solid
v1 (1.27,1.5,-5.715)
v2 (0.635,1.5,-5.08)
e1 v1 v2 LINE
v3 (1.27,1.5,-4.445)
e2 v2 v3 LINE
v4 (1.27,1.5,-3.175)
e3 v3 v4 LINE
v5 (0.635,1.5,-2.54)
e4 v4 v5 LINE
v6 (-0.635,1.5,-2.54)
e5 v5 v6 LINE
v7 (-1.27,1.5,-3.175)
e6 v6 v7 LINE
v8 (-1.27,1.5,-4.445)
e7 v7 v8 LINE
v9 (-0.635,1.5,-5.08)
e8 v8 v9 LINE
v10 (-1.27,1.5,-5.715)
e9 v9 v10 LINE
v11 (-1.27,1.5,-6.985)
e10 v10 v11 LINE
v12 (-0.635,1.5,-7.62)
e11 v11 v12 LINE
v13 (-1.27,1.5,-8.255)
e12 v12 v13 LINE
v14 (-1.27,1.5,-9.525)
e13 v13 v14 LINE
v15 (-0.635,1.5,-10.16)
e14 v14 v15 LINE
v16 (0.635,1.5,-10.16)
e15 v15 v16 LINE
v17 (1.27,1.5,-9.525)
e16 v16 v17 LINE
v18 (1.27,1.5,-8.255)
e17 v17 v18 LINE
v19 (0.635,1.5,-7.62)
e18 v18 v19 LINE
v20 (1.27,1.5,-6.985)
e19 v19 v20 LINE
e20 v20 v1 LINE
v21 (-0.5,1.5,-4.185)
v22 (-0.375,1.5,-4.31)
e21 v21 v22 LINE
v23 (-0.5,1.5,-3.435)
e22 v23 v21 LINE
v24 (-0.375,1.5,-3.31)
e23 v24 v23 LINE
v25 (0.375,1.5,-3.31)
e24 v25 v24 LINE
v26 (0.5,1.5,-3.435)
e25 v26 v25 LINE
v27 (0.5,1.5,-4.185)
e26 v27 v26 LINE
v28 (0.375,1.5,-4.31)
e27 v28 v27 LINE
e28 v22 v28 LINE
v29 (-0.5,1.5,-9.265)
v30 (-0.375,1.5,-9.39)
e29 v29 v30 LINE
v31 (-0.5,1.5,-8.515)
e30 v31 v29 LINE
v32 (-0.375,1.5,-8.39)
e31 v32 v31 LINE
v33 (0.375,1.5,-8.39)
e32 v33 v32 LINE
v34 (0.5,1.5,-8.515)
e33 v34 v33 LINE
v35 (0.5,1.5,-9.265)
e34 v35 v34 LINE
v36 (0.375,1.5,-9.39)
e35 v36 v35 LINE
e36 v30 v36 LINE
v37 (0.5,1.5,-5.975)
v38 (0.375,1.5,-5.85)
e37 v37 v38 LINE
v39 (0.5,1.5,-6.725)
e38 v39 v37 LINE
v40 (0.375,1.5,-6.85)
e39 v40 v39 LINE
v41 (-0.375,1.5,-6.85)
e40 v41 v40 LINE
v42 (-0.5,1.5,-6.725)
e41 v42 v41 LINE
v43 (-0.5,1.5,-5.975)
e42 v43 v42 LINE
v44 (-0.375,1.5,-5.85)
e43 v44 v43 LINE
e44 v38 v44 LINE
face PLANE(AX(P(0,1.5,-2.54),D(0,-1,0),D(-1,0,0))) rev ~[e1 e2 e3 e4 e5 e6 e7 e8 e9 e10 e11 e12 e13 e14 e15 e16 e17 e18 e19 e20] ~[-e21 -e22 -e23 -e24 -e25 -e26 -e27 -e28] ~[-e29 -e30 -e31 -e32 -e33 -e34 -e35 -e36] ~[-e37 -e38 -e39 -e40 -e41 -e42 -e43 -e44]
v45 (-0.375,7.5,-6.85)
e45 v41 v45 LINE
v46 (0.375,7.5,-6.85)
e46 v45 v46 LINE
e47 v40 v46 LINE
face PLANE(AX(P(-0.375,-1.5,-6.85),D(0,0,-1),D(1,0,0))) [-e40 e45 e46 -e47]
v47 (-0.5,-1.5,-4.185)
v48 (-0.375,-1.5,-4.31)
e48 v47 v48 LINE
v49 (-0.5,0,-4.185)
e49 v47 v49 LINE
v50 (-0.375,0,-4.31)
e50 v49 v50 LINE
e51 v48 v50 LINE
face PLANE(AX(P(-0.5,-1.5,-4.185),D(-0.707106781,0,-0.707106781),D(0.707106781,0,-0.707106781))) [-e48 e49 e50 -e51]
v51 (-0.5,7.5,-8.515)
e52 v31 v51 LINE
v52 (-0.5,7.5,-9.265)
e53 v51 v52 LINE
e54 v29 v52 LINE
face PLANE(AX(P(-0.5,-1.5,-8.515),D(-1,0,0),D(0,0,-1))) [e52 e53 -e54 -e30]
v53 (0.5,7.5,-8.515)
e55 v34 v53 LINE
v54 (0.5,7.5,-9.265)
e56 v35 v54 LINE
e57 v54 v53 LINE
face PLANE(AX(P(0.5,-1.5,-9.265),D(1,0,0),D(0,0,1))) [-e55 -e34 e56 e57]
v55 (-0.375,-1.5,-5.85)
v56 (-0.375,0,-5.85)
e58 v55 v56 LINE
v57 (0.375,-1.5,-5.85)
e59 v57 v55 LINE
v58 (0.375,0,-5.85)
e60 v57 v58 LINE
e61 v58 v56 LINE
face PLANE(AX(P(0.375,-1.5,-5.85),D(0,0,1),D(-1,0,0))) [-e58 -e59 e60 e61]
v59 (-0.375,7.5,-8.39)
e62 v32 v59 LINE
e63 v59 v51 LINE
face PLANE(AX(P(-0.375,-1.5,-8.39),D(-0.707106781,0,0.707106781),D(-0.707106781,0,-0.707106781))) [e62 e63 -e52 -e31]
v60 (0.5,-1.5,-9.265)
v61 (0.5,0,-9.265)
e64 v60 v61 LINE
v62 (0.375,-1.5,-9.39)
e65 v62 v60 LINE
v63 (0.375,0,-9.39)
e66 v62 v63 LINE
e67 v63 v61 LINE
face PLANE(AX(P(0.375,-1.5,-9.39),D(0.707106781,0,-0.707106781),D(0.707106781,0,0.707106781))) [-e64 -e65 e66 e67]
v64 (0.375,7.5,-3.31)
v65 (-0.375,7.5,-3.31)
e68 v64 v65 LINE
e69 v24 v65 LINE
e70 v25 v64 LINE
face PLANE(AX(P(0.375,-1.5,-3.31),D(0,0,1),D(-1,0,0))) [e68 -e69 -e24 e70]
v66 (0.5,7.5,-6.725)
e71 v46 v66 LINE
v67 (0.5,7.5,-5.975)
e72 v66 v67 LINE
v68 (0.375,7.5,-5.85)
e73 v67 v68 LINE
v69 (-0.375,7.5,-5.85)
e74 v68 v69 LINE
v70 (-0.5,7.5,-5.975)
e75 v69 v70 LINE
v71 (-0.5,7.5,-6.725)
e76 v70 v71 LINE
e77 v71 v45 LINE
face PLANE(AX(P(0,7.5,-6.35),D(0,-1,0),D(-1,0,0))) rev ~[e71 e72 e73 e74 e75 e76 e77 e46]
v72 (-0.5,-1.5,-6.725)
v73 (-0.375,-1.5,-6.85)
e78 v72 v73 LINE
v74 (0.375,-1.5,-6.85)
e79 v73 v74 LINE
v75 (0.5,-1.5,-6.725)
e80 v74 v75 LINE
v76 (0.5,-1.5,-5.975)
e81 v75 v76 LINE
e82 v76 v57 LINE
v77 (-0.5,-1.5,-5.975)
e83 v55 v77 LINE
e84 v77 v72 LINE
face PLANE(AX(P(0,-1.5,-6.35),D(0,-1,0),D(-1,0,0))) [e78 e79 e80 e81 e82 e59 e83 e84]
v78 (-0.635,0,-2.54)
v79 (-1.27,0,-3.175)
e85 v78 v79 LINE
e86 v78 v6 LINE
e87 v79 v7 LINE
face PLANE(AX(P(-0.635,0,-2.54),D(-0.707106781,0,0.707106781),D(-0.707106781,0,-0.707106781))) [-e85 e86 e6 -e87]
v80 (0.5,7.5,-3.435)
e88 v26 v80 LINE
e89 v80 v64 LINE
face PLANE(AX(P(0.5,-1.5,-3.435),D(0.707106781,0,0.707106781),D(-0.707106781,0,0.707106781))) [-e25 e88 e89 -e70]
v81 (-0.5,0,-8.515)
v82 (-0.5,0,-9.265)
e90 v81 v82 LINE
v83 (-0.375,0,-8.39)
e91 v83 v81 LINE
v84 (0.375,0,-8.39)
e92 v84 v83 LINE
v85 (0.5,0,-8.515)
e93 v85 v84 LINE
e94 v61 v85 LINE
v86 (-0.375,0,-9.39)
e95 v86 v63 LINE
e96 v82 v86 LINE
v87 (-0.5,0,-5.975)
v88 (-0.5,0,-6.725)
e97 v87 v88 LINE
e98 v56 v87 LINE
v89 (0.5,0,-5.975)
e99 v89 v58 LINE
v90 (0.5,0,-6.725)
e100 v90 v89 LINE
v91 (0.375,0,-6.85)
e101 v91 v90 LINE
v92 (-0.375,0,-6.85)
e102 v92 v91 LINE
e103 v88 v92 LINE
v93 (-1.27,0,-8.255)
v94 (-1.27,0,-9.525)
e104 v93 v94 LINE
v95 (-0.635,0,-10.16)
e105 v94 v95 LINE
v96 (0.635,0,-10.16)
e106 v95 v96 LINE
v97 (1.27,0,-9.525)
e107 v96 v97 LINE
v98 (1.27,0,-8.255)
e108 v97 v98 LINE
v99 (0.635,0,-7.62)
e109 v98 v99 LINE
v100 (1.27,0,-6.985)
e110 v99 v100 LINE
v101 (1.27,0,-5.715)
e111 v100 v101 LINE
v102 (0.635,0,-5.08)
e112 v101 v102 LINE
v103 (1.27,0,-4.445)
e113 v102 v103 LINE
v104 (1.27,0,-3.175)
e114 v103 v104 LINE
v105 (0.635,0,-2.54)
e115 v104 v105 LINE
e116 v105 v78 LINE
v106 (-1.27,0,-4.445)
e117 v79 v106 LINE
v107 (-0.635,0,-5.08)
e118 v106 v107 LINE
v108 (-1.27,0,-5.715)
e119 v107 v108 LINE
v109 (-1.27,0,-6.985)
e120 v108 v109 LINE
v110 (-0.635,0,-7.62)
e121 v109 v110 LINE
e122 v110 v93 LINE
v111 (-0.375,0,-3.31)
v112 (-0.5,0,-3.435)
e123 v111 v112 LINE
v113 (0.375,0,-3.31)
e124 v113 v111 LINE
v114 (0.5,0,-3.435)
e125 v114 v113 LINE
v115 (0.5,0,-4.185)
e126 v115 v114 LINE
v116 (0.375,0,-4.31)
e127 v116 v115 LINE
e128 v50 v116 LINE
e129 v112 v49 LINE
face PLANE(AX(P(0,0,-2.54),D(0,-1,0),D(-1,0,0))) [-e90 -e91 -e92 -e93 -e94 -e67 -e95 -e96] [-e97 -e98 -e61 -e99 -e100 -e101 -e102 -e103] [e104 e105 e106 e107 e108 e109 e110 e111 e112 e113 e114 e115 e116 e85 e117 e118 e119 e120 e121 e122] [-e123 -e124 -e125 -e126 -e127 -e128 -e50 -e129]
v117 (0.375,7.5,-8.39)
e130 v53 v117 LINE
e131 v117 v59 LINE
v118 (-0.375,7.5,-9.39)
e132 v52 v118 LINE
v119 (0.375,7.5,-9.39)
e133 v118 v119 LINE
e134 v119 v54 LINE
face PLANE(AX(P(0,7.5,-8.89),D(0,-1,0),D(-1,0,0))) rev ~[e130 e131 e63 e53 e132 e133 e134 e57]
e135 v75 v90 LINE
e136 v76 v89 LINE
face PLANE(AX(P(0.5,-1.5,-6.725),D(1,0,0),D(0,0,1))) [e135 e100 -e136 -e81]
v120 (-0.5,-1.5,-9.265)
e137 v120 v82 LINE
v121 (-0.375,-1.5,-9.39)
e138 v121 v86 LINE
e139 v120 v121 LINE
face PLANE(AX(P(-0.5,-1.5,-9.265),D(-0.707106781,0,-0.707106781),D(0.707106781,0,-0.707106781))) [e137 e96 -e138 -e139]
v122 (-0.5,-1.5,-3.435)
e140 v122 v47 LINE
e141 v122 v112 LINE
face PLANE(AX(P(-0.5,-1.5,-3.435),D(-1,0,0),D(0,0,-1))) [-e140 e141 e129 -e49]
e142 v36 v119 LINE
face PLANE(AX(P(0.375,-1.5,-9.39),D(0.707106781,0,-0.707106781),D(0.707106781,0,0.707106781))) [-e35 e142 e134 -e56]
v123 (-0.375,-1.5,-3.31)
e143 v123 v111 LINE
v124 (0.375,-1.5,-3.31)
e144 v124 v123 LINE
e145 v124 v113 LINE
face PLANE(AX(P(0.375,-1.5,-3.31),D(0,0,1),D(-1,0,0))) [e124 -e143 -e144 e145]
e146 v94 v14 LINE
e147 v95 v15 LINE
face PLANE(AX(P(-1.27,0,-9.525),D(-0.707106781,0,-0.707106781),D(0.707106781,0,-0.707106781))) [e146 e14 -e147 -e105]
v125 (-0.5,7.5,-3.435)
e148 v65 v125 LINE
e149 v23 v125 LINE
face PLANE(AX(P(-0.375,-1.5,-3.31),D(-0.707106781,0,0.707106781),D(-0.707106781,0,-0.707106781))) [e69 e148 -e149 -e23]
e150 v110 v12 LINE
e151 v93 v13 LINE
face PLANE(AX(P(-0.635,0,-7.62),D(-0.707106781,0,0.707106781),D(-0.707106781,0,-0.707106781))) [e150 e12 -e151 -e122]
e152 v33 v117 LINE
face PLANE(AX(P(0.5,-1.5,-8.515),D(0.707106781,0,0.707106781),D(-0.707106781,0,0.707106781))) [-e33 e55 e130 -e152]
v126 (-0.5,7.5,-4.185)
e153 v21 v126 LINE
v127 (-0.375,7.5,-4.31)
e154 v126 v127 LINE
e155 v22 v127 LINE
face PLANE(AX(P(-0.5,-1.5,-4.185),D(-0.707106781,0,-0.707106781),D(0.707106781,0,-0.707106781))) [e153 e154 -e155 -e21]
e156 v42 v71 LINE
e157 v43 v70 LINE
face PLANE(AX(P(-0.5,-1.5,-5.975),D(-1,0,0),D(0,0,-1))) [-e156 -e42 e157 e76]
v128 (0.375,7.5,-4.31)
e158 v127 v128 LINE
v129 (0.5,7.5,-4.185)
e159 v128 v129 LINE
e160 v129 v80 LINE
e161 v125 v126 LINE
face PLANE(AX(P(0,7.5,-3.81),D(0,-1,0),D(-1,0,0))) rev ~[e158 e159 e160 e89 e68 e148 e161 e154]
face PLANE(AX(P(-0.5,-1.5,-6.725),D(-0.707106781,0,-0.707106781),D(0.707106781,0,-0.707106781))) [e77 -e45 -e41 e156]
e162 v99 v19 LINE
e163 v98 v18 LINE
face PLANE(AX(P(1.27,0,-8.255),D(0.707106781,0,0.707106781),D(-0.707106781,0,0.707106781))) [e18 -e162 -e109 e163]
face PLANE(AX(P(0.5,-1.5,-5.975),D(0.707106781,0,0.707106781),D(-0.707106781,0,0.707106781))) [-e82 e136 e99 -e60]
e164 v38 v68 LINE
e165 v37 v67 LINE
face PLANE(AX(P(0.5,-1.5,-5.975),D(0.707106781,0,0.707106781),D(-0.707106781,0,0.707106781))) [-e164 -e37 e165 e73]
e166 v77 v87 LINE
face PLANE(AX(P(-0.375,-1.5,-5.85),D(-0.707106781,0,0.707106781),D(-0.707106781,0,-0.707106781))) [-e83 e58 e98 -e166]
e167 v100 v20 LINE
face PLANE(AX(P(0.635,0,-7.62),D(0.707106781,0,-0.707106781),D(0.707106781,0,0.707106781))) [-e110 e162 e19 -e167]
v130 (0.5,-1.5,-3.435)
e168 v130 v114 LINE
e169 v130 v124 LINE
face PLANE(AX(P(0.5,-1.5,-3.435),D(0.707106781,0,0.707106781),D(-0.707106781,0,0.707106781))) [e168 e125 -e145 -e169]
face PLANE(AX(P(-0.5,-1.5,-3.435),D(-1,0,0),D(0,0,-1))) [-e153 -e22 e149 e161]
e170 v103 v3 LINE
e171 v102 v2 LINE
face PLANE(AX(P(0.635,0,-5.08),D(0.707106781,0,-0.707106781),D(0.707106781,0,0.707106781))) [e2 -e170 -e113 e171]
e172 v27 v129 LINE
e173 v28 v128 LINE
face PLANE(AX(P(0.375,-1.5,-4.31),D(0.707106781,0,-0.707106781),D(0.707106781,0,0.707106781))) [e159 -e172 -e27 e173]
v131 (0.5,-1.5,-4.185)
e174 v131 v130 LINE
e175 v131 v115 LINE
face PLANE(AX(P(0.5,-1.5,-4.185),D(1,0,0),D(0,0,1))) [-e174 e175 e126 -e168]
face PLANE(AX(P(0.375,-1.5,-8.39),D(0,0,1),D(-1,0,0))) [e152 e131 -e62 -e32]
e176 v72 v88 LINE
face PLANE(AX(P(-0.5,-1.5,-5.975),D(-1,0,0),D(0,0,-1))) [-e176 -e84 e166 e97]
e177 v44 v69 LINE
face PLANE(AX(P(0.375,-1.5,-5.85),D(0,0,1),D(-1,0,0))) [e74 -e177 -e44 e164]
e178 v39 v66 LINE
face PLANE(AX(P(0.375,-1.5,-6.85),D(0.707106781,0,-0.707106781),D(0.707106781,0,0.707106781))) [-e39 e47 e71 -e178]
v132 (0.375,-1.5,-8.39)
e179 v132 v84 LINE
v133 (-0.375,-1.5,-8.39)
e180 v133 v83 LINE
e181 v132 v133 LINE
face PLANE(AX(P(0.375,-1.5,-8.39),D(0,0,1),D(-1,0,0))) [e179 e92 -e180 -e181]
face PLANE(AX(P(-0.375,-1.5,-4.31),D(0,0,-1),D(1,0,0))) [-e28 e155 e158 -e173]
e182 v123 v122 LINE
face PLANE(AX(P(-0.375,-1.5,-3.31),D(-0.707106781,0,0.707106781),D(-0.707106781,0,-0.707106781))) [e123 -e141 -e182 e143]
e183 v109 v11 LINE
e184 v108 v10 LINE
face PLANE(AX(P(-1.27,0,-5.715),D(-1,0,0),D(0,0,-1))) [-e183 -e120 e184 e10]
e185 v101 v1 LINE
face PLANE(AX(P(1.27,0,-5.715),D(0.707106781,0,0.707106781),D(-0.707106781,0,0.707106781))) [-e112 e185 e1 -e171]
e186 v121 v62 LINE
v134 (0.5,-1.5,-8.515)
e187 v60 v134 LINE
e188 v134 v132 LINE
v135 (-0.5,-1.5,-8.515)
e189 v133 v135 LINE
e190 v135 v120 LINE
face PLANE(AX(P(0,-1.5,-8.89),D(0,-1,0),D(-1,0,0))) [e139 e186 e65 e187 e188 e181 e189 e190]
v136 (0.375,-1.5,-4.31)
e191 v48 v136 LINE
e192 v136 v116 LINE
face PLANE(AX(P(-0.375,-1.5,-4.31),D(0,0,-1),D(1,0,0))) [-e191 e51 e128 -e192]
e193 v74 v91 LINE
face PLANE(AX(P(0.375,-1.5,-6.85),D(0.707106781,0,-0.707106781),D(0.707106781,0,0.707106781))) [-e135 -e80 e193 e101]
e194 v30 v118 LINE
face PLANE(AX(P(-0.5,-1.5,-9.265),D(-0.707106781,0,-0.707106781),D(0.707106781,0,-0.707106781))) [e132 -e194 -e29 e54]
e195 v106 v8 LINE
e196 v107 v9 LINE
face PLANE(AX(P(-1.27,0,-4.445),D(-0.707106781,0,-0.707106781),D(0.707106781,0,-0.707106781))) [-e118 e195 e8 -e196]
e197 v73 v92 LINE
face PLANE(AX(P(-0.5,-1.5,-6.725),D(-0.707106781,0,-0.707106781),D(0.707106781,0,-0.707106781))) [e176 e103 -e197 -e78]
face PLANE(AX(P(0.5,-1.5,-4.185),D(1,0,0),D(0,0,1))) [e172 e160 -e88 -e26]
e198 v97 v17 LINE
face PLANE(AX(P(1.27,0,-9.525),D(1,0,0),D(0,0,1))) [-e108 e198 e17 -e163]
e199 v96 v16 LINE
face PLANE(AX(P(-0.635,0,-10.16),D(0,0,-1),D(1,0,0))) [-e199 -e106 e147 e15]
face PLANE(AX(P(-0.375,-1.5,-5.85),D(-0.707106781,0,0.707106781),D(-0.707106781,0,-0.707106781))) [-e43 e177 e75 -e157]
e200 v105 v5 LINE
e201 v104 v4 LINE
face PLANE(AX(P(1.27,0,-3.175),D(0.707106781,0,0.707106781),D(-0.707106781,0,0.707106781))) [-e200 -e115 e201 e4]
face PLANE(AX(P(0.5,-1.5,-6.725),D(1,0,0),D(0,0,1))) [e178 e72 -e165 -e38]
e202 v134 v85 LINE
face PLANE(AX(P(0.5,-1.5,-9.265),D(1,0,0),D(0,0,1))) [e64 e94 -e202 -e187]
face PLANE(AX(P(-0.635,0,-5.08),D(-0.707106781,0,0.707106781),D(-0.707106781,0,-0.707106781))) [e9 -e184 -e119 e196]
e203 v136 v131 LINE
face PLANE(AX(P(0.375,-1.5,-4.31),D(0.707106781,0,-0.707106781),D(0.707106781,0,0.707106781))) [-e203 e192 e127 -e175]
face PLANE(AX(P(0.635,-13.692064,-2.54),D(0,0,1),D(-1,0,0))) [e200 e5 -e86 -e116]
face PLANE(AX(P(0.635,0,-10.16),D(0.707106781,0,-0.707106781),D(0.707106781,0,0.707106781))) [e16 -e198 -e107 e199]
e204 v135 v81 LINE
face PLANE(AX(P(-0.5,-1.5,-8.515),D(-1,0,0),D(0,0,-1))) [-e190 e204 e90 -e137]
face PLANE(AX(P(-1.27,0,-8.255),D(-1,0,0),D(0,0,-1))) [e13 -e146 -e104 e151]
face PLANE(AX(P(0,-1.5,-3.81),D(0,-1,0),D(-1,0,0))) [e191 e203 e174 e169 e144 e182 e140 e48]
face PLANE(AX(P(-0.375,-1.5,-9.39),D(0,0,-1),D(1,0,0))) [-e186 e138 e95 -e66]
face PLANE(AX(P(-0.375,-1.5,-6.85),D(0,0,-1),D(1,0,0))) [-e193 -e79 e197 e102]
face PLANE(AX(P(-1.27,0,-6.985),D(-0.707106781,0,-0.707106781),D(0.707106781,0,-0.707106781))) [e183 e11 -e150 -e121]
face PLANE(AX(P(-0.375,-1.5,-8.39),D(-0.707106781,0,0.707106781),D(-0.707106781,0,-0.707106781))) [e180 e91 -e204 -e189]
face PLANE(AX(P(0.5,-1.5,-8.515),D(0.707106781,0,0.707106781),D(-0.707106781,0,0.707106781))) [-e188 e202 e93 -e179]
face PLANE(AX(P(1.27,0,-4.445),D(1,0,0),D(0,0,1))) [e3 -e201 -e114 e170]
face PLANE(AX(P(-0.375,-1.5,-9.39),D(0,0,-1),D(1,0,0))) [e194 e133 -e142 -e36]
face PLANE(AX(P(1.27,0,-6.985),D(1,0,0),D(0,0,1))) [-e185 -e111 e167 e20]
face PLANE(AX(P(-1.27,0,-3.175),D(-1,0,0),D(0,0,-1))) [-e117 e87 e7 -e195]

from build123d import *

# Parameters (mm, degrees)
BOSS_EXTRUDE1_DEPTH      = 1.5
BOSS_EXTRUDE2_DEPTH      = 6
BOSS_EXTRUDE2_DEPTH_BACK = 3
CUT_EXTRUDE1_DEPTH       = 13.69206445
CUT_EXTRUDE1_DEPTH_BACK  = 13.69206445


with BuildPart() as part:
    # Sketch1 → Boss-Extrude1 (new body)
    with BuildSketch(Plane(origin=(0, 0, 0), x_dir=(1, 0, 0), z_dir=(0, 1, 0))):
        Polygon((-0.635, 10.16), (0.635, 10.16), (1.27, 9.525), (1.27, 8.255), (0.635, 7.62), (1.27, 6.985), (1.27, 5.715), (0.635, 5.08), (1.27, 4.445), (1.27, 3.175), (0.635, 2.54), (1.27, 1.905), (1.27, 0.635), (0.635, 0), (1.27, -0.635), (1.27, -1.905), (0.635, -2.54), (1.27, -3.175), (1.27, -4.445), (0.635, -5.08), (-0.635, -5.08), (-1.27, -4.445), (-1.27, -3.175), (-0.635, -2.54), (-1.27, -1.905), (-1.27, -0.635), (-0.635, 0), (-1.27, 0.635), (-1.27, 1.905), (-0.635, 2.54), (-1.27, 3.175), (-1.27, 4.445), (-0.635, 5.08), (-1.27, 5.715), (-1.27, 6.985), (-0.635, 7.62), (-1.27, 8.255), (-1.27, 9.525), align=None)
    extrude(amount=BOSS_EXTRUDE1_DEPTH)

    # Sketch3 → Boss-Extrude2 (add, two sides: drawn at the far end of the back side and taken through both)
    with BuildSketch(Plane(origin=(0, 1.5, 0), x_dir=(1, 0, 0), z_dir=(0, 1, 0)).offset(-BOSS_EXTRUDE2_DEPTH_BACK)):
        Polygon((0.375, 9.39), (0.5, 9.265), (0.5, 8.515), (0.375, 8.39), (-0.375, 8.39), (-0.5, 8.515), (-0.5, 9.265), (-0.375, 9.39), align=None)
        Polygon((0.375, 6.85), (0.5, 6.725), (0.5, 5.975), (0.375, 5.85), (-0.375, 5.85), (-0.5, 5.975), (-0.5, 6.725), (-0.375, 6.85), align=None)
        Polygon((0.375, 4.31), (0.5, 4.185), (0.5, 3.435), (0.375, 3.31), (-0.375, 3.31), (-0.5, 3.435), (-0.5, 4.185), (-0.375, 4.31), align=None)
        Polygon((0.375, 1.77), (0.5, 1.645), (0.5, 0.895), (0.375, 0.77), (-0.375, 0.77), (-0.5, 0.895), (-0.5, 1.645), (-0.375, 1.77), align=None)
        Polygon((0.375, -0.77), (0.5, -0.895), (0.5, -1.645), (0.375, -1.77), (-0.375, -1.77), (-0.5, -1.645), (-0.5, -0.895), (-0.375, -0.77), align=None)
        Polygon((0.375, -3.31), (0.5, -3.435), (0.5, -4.185), (0.375, -4.31), (-0.375, -4.31), (-0.5, -4.185), (-0.5, -3.435), (-0.375, -3.31), align=None)
    extrude(amount=BOSS_EXTRUDE2_DEPTH + BOSS_EXTRUDE2_DEPTH_BACK)

    # Sketch4 → Cut-Extrude1 (cut, two sides: drawn at the far end of the back side and taken through both)
    with BuildSketch(Plane(origin=(0, 0, 0), x_dir=(1, 0, 0), z_dir=(0, 1, 0)).offset(-CUT_EXTRUDE1_DEPTH_BACK)):
        Polygon((0.635, 2.54), (-0.635, 2.54), (-3.551273802, 2.145414022), (-3.551273802, -5.54901255), (3.518391637, -6.305302341), (3.518391637, 1.323359901), align=None)
    extrude(amount=CUT_EXTRUDE1_DEPTH + CUT_EXTRUDE1_DEPTH_BACK, mode=Mode.SUBTRACT)


solid = part.part
